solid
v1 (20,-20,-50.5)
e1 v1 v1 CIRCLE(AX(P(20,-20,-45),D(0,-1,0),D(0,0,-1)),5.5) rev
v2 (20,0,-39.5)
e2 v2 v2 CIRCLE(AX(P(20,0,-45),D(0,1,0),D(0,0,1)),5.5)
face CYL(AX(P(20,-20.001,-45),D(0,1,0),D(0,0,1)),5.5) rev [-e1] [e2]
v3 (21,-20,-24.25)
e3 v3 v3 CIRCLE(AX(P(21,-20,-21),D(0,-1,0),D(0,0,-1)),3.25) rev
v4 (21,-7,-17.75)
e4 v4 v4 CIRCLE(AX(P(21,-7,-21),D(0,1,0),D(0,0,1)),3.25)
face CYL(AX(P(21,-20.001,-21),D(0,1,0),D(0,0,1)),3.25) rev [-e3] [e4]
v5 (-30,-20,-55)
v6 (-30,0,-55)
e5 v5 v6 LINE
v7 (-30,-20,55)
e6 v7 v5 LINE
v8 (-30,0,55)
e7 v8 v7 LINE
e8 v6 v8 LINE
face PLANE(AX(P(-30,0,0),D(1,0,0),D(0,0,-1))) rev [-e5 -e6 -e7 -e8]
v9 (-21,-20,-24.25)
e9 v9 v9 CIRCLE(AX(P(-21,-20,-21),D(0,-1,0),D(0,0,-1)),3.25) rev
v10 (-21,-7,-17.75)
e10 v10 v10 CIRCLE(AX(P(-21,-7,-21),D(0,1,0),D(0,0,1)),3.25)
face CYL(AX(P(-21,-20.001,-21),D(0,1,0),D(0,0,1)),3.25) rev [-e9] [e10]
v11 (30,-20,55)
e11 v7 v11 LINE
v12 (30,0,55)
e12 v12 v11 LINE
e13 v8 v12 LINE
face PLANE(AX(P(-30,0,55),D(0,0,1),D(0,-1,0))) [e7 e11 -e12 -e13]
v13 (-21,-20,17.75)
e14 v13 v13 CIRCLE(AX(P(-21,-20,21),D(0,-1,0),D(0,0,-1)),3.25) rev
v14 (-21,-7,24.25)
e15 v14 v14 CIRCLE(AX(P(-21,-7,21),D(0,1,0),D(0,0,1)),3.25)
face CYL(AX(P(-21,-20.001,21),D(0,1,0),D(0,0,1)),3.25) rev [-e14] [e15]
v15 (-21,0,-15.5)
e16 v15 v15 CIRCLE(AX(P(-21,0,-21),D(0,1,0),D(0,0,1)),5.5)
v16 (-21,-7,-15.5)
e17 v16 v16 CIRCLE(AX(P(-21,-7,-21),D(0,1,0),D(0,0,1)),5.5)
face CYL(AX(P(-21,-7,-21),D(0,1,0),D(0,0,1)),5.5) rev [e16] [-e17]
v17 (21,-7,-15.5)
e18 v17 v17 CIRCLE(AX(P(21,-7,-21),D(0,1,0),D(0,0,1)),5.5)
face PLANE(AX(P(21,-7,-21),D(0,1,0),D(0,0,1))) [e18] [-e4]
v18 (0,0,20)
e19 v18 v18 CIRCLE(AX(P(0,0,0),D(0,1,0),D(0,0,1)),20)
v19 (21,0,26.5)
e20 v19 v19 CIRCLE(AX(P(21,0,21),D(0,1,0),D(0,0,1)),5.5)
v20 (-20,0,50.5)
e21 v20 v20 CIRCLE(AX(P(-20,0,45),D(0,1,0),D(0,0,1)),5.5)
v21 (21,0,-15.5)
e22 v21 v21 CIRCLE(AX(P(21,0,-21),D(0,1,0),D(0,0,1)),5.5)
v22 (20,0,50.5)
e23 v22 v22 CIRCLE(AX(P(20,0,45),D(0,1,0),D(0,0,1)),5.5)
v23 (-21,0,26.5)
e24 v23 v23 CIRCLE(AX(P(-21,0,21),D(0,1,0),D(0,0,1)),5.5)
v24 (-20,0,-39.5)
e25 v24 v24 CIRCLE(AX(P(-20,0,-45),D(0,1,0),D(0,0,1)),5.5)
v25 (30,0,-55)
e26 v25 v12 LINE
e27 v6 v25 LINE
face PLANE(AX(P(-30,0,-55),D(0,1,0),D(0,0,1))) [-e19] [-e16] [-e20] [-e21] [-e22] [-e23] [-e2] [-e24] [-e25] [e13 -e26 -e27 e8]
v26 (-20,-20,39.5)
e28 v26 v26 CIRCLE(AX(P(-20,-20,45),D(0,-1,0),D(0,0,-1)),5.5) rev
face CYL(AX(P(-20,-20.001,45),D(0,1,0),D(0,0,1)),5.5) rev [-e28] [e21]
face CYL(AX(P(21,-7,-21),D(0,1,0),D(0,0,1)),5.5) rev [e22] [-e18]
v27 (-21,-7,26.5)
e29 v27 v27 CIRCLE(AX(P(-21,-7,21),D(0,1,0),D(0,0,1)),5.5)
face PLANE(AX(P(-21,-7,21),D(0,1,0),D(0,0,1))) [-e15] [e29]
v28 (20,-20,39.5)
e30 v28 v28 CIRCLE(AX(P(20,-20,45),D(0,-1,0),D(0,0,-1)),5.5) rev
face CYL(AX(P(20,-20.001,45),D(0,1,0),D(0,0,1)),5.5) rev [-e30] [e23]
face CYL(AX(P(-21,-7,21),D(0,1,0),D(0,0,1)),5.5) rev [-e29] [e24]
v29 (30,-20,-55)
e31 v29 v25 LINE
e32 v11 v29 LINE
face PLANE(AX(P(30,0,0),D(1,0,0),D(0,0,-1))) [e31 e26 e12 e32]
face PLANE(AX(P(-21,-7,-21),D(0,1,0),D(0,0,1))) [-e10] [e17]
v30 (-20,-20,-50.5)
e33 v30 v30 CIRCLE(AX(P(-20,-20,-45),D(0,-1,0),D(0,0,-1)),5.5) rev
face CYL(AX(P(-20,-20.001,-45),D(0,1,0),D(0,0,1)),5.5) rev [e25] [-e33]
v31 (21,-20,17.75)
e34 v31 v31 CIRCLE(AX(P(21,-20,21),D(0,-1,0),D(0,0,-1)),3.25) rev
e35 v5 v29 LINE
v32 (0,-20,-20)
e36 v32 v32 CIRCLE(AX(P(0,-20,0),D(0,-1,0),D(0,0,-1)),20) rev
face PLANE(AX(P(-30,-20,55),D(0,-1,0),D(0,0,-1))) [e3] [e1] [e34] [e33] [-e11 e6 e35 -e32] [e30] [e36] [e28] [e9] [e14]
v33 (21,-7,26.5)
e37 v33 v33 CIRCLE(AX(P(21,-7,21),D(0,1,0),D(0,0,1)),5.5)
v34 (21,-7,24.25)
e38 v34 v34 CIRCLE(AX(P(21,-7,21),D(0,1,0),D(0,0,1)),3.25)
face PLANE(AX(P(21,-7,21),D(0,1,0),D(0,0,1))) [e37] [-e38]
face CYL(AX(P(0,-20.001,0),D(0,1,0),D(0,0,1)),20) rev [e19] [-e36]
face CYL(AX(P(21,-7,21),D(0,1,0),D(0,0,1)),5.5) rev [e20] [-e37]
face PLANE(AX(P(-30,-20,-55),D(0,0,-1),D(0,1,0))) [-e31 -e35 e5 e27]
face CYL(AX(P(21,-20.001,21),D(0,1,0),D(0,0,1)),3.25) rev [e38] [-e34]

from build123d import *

# Parameters (mm, degrees)
SALIENTE_EXTRUIR1_DEPTH      = 30
SALIENTE_EXTRUIR1_DEPTH_BACK = 30
CROQUIS1_W                   = 110
CROQUIS1_H                   = 20
CORTAR_EXTRUIR1_REACH        = 67.765
CROQUIS2_R                   = 20
CROQUIS3_R                   = 5.5
CORTAR_EXTRUIR2_DEPTH        = 7
CORTAR_EXTRUIR3_REACH        = 65.984
CROQUIS4_R                   = 3.25
CORTAR_EXTRUIR4_REACH        = 67.765
CROQUIS5_R                   = 5.5


with BuildPart() as part:
    # Croquis1 → Saliente-Extruir1 (new, two sides: drawn at the far end of the back side and taken through both)
    with BuildSketch(Plane(origin=(0, 0, 0), x_dir=(0, 0, -1), z_dir=(1, 0, 0)).offset(-SALIENTE_EXTRUIR1_DEPTH_BACK)):
        with Locations((0, -10)):
            Rectangle(CROQUIS1_W, CROQUIS1_H)
    extrude(amount=SALIENTE_EXTRUIR1_DEPTH + SALIENTE_EXTRUIR1_DEPTH_BACK)

    # Croquis2 → Cortar-Extruir1 (cut, up to next)
    with BuildSketch(Plane(origin=(0, 0, 0), x_dir=(1, 0, 0), z_dir=(0, 1, 0)), mode=Mode.PRIVATE) as cortar_extruir1_sk1:
        Circle(CROQUIS2_R)
    cortar_extruir1_tool1 = extrude(cortar_extruir1_sk1.sketch, amount=-CORTAR_EXTRUIR1_REACH, mode=Mode.PRIVATE) & part.part
    add(cortar_extruir1_tool1.solids().sort_by_distance((0, 0, 0))[0], mode=Mode.SUBTRACT)

    # Croquis3 → Cortar-Extruir2 (cut)
    with BuildSketch(Plane(origin=(0, 0, 0), x_dir=(1, 0, 0), z_dir=(0, 1, 0))):
        with Locations((-21, 21)):
            Circle(CROQUIS3_R)
        with Locations((21, 21)):
            Circle(CROQUIS3_R)
        with Locations((21, -21)):
            Circle(CROQUIS3_R)
        with Locations((-21, -21)):
            Circle(CROQUIS3_R)
    extrude(amount=-CORTAR_EXTRUIR2_DEPTH, mode=Mode.SUBTRACT)

    # Croquis4 → Cortar-Extruir3 (cut, up to next)
    with BuildSketch(Plane(origin=(0, -7, 0), x_dir=(1, 0, 0), z_dir=(0, 1, 0)), mode=Mode.PRIVATE) as cortar_extruir3_sk1:
        with Locations((-21, 21)):
            Circle(CROQUIS4_R)
    cortar_extruir3_tool1 = extrude(cortar_extruir3_sk1.sketch, amount=-CORTAR_EXTRUIR3_REACH, mode=Mode.PRIVATE) & part.part
    # Croquis4 → Cortar-Extruir3 (cut, up to next)
    with BuildSketch(Plane(origin=(0, -7, 0), x_dir=(1, 0, 0), z_dir=(0, 1, 0)), mode=Mode.PRIVATE) as cortar_extruir3_sk2:
        with Locations((21, 21)):
            Circle(CROQUIS4_R)
    cortar_extruir3_tool2 = extrude(cortar_extruir3_sk2.sketch, amount=-CORTAR_EXTRUIR3_REACH, mode=Mode.PRIVATE) & part.part
    # Croquis4 → Cortar-Extruir3 (cut, up to next)
    with BuildSketch(Plane(origin=(0, -7, 0), x_dir=(1, 0, 0), z_dir=(0, 1, 0)), mode=Mode.PRIVATE) as cortar_extruir3_sk3:
        with Locations((21, -21)):
            Circle(CROQUIS4_R)
    cortar_extruir3_tool3 = extrude(cortar_extruir3_sk3.sketch, amount=-CORTAR_EXTRUIR3_REACH, mode=Mode.PRIVATE) & part.part
    # Croquis4 → Cortar-Extruir3 (cut, up to next)
    with BuildSketch(Plane(origin=(0, -7, 0), x_dir=(1, 0, 0), z_dir=(0, 1, 0)), mode=Mode.PRIVATE) as cortar_extruir3_sk4:
        with Locations((-21, -21)):
            Circle(CROQUIS4_R)
    cortar_extruir3_tool4 = extrude(cortar_extruir3_sk4.sketch, amount=-CORTAR_EXTRUIR3_REACH, mode=Mode.PRIVATE) & part.part
    add(cortar_extruir3_tool1.solids().sort_by_distance((-21, -7, -21))[0], mode=Mode.SUBTRACT)
    add(cortar_extruir3_tool2.solids().sort_by_distance((21, -7, -21))[0], mode=Mode.SUBTRACT)
    add(cortar_extruir3_tool3.solids().sort_by_distance((21, -7, 21))[0], mode=Mode.SUBTRACT)
    add(cortar_extruir3_tool4.solids().sort_by_distance((-21, -7, 21))[0], mode=Mode.SUBTRACT)

    # Croquis5 → Cortar-Extruir4 (cut, up to next)
    with BuildSketch(Plane(origin=(0, 0, 0), x_dir=(1, 0, 0), z_dir=(0, 1, 0)), mode=Mode.PRIVATE) as cortar_extruir4_sk1:
        with Locations((-20, 45)):
            Circle(CROQUIS5_R)
    cortar_extruir4_tool1 = extrude(cortar_extruir4_sk1.sketch, amount=-CORTAR_EXTRUIR4_REACH, mode=Mode.PRIVATE) & part.part
    # Croquis5 → Cortar-Extruir4 (cut, up to next)
    with BuildSketch(Plane(origin=(0, 0, 0), x_dir=(1, 0, 0), z_dir=(0, 1, 0)), mode=Mode.PRIVATE) as cortar_extruir4_sk2:
        with Locations((20, 45)):
            Circle(CROQUIS5_R)
    cortar_extruir4_tool2 = extrude(cortar_extruir4_sk2.sketch, amount=-CORTAR_EXTRUIR4_REACH, mode=Mode.PRIVATE) & part.part
    # Croquis5 → Cortar-Extruir4 (cut, up to next)
    with BuildSketch(Plane(origin=(0, 0, 0), x_dir=(1, 0, 0), z_dir=(0, 1, 0)), mode=Mode.PRIVATE) as cortar_extruir4_sk3:
        with Locations((20, -45)):
            Circle(CROQUIS5_R)
    cortar_extruir4_tool3 = extrude(cortar_extruir4_sk3.sketch, amount=-CORTAR_EXTRUIR4_REACH, mode=Mode.PRIVATE) & part.part
    # Croquis5 → Cortar-Extruir4 (cut, up to next)
    with BuildSketch(Plane(origin=(0, 0, 0), x_dir=(1, 0, 0), z_dir=(0, 1, 0)), mode=Mode.PRIVATE) as cortar_extruir4_sk4:
        with Locations((-20, -45)):
            Circle(CROQUIS5_R)
    cortar_extruir4_tool4 = extrude(cortar_extruir4_sk4.sketch, amount=-CORTAR_EXTRUIR4_REACH, mode=Mode.PRIVATE) & part.part
    add(cortar_extruir4_tool1.solids().sort_by_distance((-20, 0, -45))[0], mode=Mode.SUBTRACT)
    add(cortar_extruir4_tool2.solids().sort_by_distance((20, 0, -45))[0], mode=Mode.SUBTRACT)
    add(cortar_extruir4_tool3.solids().sort_by_distance((20, 0, 45))[0], mode=Mode.SUBTRACT)
    add(cortar_extruir4_tool4.solids().sort_by_distance((-20, 0, 45))[0], mode=Mode.SUBTRACT)


solid = part.part
